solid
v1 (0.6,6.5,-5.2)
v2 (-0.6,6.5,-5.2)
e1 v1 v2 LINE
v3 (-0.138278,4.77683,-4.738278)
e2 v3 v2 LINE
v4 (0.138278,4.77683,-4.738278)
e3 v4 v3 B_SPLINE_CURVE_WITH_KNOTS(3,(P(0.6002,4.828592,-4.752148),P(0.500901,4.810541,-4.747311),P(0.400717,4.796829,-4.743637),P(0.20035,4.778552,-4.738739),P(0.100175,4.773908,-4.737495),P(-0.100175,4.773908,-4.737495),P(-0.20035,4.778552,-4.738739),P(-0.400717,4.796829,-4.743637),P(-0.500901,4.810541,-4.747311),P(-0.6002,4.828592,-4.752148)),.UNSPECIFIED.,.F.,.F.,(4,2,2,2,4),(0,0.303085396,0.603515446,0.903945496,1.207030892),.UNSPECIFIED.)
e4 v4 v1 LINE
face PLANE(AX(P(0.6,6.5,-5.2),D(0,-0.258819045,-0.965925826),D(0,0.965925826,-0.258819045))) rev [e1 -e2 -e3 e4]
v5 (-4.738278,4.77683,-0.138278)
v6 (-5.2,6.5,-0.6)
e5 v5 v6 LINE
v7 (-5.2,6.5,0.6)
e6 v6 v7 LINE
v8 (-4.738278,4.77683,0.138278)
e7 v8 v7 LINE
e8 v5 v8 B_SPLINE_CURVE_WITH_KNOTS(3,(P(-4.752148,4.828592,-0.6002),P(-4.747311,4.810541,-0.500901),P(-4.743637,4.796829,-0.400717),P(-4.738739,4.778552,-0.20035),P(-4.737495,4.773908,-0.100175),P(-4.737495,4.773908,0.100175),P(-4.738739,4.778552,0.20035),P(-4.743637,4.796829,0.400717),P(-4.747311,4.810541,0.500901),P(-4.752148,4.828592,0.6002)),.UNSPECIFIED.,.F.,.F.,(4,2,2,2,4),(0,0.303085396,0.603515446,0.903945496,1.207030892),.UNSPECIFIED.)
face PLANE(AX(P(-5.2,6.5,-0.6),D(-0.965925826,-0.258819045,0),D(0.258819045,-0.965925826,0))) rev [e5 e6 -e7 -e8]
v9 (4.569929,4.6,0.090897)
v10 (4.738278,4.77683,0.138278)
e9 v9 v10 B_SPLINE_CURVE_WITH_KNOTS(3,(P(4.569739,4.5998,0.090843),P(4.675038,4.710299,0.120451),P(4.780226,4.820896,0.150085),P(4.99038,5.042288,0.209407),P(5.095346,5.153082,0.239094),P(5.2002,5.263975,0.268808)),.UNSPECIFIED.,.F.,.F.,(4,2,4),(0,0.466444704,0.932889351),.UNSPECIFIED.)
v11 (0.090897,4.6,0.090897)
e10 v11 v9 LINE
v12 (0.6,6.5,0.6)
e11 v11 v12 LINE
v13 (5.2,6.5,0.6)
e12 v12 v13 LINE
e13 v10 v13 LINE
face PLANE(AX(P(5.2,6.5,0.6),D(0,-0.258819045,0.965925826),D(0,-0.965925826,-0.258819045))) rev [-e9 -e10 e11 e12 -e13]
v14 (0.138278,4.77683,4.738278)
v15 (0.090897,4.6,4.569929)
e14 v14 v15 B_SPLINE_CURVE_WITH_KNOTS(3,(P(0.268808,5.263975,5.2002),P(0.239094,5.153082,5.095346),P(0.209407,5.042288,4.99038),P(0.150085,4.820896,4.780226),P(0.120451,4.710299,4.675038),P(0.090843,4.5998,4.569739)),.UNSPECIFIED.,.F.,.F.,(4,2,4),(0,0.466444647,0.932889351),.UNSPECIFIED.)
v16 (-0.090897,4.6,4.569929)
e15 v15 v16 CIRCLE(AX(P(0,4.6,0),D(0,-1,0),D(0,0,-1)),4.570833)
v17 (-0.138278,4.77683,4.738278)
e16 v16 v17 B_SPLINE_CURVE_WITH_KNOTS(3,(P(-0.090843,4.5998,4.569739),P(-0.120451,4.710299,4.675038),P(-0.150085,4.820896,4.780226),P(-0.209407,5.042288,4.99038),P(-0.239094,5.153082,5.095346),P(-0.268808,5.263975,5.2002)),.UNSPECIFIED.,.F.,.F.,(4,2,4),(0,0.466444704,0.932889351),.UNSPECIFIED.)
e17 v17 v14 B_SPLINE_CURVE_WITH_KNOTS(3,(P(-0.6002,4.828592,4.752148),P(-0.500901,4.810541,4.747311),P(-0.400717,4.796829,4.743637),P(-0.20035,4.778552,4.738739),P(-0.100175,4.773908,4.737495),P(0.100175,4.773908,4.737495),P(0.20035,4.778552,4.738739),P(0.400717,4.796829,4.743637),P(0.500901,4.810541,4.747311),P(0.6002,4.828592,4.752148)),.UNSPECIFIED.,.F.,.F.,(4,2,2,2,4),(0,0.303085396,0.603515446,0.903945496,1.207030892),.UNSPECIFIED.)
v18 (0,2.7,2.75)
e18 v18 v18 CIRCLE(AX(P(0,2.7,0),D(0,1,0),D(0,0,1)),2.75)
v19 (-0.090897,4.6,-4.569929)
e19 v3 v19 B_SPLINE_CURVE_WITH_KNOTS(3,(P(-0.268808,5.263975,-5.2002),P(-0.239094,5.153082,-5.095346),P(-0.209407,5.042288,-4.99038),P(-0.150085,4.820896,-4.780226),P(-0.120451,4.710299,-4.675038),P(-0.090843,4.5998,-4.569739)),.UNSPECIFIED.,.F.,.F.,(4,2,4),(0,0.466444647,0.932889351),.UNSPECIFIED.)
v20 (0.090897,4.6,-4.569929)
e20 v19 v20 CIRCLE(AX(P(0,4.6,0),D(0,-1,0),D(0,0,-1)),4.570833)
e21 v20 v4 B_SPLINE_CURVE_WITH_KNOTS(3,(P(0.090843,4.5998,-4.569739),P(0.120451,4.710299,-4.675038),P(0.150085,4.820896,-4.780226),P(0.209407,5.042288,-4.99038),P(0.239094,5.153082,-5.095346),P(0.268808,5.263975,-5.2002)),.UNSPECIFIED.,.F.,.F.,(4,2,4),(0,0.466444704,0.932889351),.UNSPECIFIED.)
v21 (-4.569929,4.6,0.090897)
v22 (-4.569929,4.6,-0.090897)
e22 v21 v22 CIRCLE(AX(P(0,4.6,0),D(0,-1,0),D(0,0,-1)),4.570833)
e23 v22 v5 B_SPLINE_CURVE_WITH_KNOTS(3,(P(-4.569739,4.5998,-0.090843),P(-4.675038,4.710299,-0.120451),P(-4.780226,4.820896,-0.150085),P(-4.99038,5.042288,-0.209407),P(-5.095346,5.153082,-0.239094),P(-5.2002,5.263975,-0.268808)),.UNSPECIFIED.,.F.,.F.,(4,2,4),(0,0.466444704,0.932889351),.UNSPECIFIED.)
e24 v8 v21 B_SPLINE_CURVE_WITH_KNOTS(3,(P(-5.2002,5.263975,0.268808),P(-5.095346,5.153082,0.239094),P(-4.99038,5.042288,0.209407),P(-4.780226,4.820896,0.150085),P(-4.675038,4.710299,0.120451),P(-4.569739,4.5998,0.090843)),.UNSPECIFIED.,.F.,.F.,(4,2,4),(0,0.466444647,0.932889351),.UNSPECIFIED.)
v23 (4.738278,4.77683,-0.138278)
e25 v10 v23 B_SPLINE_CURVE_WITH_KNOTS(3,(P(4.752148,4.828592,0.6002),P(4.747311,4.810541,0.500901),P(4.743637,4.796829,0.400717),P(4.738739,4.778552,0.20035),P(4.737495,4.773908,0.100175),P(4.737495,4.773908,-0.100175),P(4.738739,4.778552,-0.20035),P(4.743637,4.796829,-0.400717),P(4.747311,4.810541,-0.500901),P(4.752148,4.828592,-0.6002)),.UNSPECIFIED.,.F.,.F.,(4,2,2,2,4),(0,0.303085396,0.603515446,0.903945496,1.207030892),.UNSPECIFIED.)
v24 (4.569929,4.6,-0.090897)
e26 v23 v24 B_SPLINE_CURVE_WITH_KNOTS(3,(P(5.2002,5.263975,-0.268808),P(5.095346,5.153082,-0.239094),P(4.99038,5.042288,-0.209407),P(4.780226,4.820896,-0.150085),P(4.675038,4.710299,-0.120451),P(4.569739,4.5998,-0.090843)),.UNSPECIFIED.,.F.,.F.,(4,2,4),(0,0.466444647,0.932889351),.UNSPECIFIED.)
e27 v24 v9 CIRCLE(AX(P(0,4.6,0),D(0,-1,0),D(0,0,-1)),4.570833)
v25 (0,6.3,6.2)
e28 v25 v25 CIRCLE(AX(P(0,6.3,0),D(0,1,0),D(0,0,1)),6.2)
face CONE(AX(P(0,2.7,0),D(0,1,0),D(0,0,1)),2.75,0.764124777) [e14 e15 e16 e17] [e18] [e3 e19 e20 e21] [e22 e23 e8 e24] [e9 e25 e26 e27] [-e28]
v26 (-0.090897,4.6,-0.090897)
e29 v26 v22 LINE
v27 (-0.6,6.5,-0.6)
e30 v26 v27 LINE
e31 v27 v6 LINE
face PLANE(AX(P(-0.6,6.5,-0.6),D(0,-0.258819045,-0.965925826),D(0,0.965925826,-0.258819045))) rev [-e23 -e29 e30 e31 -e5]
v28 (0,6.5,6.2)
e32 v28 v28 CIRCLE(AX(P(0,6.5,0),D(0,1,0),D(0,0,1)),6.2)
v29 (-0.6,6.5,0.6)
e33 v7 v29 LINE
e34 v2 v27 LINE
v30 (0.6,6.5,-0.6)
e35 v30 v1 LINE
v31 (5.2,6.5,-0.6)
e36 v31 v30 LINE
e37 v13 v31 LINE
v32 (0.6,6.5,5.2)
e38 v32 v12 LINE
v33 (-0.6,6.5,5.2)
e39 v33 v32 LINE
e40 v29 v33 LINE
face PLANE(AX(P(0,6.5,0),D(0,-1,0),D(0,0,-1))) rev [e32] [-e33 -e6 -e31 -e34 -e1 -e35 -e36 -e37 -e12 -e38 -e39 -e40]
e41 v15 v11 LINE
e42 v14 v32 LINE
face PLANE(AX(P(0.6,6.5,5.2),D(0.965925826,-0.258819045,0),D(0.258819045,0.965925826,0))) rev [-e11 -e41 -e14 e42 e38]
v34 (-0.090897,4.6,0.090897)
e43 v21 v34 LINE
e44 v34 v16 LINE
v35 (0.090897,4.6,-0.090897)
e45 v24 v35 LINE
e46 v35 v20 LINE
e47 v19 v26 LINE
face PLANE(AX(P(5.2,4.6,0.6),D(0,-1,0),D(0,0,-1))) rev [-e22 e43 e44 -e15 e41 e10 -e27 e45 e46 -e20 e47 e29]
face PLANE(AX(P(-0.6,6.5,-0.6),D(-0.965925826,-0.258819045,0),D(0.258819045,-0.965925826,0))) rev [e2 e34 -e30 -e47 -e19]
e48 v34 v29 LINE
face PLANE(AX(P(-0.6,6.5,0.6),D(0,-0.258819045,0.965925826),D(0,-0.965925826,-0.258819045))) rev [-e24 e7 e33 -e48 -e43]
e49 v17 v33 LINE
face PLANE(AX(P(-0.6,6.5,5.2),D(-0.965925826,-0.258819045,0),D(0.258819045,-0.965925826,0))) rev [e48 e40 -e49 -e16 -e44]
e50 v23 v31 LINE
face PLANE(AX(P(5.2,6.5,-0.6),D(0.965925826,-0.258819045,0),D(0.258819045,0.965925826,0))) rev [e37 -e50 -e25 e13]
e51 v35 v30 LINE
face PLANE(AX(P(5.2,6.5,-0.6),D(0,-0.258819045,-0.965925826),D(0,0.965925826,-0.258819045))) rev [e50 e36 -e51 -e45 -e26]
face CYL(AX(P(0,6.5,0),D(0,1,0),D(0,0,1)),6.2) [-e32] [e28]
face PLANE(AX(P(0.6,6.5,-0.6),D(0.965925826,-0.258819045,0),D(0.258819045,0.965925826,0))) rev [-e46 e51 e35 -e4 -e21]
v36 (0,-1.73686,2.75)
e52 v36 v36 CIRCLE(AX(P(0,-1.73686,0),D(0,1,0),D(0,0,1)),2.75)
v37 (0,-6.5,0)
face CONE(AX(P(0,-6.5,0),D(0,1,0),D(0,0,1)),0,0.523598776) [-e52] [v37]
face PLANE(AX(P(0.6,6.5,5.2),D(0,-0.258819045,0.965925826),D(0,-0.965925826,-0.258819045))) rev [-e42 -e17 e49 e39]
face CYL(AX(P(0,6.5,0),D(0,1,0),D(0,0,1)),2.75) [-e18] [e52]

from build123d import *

# Parameters (mm, degrees)
CUT_EXTRUDE1_DEPTH = 1.9
CUT_EXTRUDE1_DRAFT = -15


with BuildPart() as part:
    # Sketch1 → Revolve1 (revolve)
    with BuildSketch(Plane.XY, mode=Mode.PRIVATE) as revolve1_sk:
        Polygon((0, 6.5), (6.2, 6.5), (6.2, 6.3), (2.75, 2.7), (2.75, -1.736860279), (0, -6.5), align=None)
    revolve(revolve1_sk.sketch.rotate(Axis((0, 6.5, 0), (0, -1, 0)), 90), axis=Axis((0, 6.5, 0), (0, -1, 0)))


with BuildPart() as cut_extrude1_tool:
    # Sketch2 → Cut-Extrude1 (with draft: the straight prism first)
    with BuildSketch(Plane(origin=(0, 6.5, 0), x_dir=(-1, 0, 0), z_dir=(0, 1, 0))):
        Polygon((-5.2, -0.6), (-0.6, -0.6), (-0.6, -5.2), (0.6, -5.2), (0.6, -0.6), (5.2, -0.6), (5.2, 0.6), (0.6, 0.6), (0.6, 5.2), (-0.6, 5.2), (-0.6, 0.6), (-5.2, 0.6), align=None)
    extrude(amount=-CUT_EXTRUDE1_DEPTH)
    # Cut-Extrude1: the draft: its side faces are tilted about the plane it starts from
    cut_extrude1_sides = [cut_extrude1_tool.faces().sort_by_distance(p)[0] for p in [
        (2.9, 5.55, -0.6),
        (0.6, 5.55, -2.9),
        (0, 5.55, -5.2),
        (-0.6, 5.55, -2.9),
        (-2.9, 5.55, -0.6),
        (-5.2, 5.55, 0),
        (-2.9, 5.55, 0.6),
        (-0.6, 5.55, 2.9),
        (0, 5.55, 5.2),
        (0.6, 5.55, 2.9),
        (2.9, 5.55, 0.6),
        (5.2, 5.55, 0),
    ]]
    draft(cut_extrude1_sides, Plane(origin=(0, 6.5, 0), x_dir=(-1, 0, 0), z_dir=(0, 1, 0)), CUT_EXTRUDE1_DRAFT)


with BuildPart() as part_1:
    add(part.part)

    # Cut-Extrude1: cut by cut_extrude1_tool
    add(cut_extrude1_tool.part, mode=Mode.SUBTRACT)


solid = part_1.part
